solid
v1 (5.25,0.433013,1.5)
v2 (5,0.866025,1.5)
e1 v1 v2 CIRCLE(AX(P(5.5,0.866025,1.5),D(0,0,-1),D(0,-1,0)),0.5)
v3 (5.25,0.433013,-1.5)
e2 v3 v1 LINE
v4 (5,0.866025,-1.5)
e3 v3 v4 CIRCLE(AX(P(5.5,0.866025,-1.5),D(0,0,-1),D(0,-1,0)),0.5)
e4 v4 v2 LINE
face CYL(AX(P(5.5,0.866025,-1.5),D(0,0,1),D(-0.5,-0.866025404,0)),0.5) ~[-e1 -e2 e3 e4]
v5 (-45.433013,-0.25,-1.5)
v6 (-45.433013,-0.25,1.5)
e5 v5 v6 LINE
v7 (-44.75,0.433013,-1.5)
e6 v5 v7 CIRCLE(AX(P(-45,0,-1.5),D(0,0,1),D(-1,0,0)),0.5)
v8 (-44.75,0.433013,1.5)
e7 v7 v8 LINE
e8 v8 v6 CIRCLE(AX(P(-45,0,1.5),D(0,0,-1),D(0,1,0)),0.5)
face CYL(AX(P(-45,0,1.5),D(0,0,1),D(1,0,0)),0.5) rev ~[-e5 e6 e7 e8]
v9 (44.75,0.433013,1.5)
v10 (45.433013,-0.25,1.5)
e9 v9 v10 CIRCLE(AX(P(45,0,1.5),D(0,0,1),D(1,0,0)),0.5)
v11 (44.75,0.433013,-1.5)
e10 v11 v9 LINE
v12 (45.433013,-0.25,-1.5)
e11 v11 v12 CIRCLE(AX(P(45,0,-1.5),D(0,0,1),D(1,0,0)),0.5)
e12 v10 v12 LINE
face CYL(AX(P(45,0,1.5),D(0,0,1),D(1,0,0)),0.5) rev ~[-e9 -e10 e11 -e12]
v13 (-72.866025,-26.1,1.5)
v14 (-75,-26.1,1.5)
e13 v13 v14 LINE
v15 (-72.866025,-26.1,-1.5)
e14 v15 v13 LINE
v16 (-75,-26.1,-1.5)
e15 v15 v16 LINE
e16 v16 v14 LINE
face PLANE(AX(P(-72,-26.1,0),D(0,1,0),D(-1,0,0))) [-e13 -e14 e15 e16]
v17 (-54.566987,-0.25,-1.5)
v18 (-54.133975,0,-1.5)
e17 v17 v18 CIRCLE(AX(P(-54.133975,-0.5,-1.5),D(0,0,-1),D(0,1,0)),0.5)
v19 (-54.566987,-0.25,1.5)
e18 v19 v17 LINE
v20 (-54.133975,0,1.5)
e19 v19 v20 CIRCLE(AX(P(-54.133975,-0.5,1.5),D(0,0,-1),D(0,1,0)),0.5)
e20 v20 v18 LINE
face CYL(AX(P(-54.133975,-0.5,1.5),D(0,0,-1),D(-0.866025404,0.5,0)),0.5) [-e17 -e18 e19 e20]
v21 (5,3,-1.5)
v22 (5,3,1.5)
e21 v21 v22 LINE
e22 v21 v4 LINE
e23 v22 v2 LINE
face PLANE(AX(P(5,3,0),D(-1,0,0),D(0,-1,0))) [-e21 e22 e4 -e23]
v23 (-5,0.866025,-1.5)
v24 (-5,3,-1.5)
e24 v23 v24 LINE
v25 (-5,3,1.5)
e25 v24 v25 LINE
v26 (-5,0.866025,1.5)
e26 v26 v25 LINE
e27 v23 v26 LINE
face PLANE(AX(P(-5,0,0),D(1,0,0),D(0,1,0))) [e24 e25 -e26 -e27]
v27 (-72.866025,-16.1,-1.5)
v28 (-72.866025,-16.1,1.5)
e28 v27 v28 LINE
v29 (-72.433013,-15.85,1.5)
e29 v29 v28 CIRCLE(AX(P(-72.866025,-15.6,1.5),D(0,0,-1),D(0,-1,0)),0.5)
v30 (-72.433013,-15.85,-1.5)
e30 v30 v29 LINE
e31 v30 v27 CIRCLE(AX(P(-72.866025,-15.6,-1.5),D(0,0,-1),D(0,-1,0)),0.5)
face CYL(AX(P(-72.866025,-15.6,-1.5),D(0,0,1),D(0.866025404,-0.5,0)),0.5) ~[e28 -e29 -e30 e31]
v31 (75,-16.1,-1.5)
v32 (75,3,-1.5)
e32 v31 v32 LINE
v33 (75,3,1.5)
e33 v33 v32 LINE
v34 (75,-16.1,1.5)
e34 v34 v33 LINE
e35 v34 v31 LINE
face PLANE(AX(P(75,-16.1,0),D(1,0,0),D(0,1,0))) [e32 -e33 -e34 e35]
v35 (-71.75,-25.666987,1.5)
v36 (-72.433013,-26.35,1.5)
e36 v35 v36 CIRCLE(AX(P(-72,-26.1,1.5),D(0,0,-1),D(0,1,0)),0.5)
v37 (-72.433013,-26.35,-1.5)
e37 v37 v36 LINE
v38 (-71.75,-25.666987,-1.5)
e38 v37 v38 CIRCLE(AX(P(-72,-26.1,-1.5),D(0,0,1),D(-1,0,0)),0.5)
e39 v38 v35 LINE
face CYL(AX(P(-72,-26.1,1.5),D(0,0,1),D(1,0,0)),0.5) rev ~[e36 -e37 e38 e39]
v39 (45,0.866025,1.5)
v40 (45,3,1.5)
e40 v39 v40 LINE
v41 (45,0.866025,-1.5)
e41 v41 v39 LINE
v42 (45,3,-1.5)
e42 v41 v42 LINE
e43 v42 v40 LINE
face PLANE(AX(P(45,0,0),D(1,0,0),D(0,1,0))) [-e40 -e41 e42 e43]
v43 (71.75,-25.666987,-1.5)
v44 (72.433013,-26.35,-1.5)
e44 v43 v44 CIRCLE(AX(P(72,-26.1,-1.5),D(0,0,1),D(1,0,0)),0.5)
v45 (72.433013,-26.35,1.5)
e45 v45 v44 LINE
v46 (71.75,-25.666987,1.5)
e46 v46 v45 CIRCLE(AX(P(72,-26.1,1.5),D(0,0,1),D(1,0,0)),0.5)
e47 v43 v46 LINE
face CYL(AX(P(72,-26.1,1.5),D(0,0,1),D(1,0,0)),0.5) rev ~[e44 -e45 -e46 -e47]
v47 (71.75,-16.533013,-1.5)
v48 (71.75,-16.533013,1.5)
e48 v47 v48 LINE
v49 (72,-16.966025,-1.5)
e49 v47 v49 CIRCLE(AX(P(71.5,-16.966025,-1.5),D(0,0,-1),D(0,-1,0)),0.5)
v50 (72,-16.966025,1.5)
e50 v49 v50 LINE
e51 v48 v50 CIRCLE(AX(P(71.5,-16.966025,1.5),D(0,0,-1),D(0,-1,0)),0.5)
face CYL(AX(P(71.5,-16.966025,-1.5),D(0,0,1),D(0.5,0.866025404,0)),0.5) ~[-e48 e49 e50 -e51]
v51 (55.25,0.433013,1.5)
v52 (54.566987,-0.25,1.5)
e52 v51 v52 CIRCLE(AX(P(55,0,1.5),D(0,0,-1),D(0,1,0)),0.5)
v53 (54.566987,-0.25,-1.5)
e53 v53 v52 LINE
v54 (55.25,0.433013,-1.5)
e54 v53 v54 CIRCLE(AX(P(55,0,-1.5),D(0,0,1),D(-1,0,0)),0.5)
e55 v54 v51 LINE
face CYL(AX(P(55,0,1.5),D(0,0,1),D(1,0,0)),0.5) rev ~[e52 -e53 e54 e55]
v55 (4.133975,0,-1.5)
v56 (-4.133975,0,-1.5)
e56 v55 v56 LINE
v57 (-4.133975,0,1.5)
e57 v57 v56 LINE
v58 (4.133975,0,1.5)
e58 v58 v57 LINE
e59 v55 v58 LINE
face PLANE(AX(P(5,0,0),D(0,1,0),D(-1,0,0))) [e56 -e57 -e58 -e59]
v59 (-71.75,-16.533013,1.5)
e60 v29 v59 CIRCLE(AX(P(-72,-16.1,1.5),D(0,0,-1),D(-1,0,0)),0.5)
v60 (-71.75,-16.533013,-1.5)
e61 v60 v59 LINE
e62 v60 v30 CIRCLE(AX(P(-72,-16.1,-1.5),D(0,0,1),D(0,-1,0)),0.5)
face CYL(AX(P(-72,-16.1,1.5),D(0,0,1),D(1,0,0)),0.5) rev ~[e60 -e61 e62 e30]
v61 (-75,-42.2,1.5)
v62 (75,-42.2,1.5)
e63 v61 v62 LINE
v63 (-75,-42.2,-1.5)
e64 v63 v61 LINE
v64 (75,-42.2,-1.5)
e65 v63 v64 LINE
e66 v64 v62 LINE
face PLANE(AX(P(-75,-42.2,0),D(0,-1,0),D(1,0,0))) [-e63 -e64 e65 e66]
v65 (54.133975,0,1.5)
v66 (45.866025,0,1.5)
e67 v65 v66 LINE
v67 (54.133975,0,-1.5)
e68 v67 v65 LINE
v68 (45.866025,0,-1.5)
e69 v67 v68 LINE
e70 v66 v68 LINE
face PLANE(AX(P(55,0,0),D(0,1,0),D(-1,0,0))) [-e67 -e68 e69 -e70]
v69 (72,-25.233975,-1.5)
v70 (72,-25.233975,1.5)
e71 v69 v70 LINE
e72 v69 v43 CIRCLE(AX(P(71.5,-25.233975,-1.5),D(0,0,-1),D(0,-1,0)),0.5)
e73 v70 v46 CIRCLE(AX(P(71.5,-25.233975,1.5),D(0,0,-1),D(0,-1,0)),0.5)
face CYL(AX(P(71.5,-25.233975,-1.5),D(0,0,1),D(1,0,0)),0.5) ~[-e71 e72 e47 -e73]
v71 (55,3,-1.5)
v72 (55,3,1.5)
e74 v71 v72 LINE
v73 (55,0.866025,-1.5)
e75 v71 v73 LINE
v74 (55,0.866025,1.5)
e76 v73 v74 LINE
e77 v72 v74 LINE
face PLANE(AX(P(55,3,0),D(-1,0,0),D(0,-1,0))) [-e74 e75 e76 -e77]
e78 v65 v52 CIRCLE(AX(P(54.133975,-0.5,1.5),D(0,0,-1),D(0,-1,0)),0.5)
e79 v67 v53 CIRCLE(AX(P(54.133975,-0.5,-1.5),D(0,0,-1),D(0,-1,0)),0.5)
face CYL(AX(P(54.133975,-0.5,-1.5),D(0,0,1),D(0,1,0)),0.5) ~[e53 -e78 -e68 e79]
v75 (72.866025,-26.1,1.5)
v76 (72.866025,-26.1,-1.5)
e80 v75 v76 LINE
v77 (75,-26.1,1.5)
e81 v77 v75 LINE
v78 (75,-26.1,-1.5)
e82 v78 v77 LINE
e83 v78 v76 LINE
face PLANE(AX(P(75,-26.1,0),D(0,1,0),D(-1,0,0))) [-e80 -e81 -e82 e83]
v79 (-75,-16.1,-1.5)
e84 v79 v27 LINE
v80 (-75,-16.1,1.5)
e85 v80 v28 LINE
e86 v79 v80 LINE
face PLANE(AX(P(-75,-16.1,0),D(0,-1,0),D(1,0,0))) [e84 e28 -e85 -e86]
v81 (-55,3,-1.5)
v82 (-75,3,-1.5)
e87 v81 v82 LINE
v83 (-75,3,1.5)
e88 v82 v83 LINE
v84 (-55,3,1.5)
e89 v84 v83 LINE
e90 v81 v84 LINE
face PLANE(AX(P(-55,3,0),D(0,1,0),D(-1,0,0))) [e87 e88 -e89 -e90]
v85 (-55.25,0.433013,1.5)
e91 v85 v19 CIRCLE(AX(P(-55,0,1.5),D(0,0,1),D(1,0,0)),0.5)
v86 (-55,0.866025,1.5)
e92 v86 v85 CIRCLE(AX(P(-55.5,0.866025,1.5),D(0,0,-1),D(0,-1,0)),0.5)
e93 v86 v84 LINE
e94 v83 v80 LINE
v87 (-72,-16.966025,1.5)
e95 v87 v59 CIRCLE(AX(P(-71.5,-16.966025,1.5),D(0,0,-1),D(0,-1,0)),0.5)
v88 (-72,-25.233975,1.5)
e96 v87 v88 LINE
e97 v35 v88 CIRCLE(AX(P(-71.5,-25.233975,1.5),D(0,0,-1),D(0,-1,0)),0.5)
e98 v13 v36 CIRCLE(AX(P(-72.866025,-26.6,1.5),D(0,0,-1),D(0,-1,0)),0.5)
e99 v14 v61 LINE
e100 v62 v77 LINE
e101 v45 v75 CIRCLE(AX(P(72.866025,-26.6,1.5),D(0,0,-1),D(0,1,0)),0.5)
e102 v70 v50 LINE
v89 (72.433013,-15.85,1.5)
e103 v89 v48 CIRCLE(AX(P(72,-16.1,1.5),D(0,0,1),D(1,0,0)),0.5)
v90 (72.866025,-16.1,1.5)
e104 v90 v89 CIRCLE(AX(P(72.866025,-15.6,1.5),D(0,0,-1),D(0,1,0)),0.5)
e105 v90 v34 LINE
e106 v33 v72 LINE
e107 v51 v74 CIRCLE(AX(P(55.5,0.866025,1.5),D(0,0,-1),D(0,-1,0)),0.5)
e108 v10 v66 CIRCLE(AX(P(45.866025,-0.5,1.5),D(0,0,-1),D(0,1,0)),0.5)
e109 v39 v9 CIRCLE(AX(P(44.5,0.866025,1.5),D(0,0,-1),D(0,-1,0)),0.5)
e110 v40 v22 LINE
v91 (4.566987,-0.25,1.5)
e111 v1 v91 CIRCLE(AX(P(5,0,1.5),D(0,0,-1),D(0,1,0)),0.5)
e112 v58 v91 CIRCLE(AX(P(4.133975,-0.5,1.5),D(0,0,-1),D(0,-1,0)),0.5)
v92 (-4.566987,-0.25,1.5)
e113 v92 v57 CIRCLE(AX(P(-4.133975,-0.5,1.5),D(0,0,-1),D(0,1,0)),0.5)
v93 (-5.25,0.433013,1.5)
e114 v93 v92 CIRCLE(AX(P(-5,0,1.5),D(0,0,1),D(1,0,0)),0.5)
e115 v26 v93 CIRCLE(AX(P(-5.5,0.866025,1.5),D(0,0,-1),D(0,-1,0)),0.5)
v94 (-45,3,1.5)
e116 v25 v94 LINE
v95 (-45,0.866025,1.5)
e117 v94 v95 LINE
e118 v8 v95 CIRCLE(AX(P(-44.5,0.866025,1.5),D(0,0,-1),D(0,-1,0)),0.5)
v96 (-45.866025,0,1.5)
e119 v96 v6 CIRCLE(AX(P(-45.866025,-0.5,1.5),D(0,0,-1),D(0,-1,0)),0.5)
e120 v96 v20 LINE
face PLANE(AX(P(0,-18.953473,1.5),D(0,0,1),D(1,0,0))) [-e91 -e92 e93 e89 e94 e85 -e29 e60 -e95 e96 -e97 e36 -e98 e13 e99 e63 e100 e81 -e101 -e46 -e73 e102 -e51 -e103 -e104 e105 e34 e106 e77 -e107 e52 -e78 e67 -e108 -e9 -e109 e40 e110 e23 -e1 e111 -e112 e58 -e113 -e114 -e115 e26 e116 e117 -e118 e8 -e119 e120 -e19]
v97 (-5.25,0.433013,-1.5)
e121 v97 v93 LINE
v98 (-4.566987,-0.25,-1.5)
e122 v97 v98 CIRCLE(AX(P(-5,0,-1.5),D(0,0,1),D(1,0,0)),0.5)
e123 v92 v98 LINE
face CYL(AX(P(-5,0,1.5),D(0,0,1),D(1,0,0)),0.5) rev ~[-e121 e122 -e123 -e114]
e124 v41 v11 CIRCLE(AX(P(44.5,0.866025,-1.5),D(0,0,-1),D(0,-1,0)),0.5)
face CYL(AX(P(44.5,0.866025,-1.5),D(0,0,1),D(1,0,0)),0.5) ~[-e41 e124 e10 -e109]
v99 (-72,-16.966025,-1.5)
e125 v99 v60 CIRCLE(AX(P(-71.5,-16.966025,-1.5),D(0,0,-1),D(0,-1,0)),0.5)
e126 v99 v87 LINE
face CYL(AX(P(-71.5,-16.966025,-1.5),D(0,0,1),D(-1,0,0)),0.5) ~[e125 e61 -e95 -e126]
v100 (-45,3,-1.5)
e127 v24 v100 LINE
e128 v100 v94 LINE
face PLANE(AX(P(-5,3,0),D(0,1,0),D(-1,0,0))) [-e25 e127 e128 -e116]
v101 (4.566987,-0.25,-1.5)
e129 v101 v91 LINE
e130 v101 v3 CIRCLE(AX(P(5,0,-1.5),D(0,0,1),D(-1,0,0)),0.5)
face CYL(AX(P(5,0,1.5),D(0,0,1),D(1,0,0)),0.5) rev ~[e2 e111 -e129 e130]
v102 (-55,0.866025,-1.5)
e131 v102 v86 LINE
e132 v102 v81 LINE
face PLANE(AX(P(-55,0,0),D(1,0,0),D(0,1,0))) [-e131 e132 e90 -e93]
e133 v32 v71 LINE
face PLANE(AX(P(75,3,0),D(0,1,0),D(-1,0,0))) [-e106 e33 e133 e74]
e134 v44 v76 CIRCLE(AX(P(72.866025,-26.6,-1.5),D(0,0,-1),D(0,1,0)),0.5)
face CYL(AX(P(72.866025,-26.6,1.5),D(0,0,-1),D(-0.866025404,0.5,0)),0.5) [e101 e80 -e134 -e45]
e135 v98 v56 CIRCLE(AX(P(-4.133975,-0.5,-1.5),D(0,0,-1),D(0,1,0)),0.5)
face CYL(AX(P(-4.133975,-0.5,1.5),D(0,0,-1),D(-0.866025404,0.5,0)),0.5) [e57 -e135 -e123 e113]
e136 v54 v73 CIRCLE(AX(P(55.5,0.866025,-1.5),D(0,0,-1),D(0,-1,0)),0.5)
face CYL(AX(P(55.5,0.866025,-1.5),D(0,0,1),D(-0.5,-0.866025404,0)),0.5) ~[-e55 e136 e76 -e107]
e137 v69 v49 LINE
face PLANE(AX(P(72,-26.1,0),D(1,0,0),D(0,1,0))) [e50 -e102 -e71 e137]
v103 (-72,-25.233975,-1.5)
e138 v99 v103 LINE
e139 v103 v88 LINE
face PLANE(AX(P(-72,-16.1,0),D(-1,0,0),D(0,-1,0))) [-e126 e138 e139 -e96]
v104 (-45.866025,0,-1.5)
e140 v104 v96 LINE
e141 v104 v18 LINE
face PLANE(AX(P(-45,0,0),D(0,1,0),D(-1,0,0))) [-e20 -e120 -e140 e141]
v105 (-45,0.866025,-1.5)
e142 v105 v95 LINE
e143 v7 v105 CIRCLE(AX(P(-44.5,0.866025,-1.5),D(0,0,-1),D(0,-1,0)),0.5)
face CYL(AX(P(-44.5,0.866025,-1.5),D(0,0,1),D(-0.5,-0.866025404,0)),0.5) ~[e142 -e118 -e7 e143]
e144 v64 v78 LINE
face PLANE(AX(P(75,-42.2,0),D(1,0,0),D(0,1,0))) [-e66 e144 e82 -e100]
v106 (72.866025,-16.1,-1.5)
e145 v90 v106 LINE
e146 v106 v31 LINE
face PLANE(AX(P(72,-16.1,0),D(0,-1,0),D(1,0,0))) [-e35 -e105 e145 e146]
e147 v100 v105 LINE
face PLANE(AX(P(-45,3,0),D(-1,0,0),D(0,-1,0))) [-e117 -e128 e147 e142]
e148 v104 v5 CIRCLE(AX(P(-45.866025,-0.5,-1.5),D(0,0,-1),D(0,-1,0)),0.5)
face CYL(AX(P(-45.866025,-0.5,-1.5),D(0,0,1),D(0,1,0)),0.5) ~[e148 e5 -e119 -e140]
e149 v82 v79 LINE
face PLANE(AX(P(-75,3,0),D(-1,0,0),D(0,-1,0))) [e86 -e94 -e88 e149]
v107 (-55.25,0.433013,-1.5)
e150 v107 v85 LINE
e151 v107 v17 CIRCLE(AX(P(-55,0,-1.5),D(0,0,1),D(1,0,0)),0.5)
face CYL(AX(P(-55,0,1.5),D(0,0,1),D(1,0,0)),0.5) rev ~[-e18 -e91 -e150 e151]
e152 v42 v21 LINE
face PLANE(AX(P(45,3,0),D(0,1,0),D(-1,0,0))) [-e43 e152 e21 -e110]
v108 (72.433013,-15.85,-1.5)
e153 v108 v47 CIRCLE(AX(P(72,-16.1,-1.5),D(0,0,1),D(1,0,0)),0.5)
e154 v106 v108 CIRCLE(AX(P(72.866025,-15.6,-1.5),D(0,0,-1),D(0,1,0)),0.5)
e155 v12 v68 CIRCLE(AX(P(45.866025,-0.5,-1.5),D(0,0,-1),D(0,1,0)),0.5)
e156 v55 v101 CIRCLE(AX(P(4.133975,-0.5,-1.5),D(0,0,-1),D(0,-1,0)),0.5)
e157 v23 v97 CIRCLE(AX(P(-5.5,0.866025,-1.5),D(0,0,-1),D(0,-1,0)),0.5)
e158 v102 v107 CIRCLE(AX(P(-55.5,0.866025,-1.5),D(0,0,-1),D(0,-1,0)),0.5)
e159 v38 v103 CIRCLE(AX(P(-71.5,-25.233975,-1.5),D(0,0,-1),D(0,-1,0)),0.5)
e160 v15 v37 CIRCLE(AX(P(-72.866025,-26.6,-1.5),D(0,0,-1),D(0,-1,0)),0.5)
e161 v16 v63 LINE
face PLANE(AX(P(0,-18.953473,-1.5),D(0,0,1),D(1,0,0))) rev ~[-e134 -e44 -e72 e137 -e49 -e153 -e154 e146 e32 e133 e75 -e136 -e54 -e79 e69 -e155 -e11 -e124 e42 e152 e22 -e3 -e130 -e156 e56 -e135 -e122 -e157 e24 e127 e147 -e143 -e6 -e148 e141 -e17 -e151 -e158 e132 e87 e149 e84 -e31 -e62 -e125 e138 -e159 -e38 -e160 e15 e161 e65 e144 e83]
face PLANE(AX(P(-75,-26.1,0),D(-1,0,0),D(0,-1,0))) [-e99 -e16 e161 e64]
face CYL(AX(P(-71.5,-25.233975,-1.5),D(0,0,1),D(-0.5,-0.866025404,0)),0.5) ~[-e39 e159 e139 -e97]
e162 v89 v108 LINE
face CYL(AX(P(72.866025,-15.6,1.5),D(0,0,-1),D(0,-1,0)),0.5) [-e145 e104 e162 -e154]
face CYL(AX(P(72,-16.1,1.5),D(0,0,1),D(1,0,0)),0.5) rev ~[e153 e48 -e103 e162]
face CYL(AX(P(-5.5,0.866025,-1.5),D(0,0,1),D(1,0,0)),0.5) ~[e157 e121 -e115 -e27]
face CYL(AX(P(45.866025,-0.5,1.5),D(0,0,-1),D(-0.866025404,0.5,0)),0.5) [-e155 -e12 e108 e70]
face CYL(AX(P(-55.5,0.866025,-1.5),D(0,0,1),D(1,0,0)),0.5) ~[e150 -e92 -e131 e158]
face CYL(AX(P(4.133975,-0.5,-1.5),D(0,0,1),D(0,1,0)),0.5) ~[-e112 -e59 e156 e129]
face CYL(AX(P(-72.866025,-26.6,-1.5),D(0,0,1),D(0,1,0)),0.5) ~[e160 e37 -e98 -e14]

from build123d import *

# Parameters (mm, degrees)
BOSS_EXTRUDE1_DEPTH = 1.5
SKETCH2_R           = 0.5
CUT_EXTRUDE1_DEPTH  = 87.109465217
FILLET1_R           = 0.5


with BuildPart() as part:
    # Sketch1 → Boss-Extrude1 (new, symmetric)
    with BuildSketch(Plane.XY):
        Polygon((75, 3), (55, 3), (55, 0), (45, 0), (45, 3), (5, 3), (5, 0), (-5, 0), (-5, 3), (-45, 3), (-45, 0), (-55, 0), (-55, 3), (-75, 3), (-75, -16.1), (-72, -16.1), (-72, -26.1), (-75, -26.1), (-75, -42.2), (75, -42.2), (75, -26.1), (72, -26.1), (72, -16.1), (75, -16.1), align=None)
    extrude(amount=BOSS_EXTRUDE1_DEPTH, both=True)

    # Sketch2 → Cut-Extrude1 (cut, through all)
    with BuildSketch(Plane.XY.offset(1.5)):
        with Locations((-55, 0)):
            Circle(SKETCH2_R)
        with Locations((-45, 0)):
            Circle(SKETCH2_R)
        with Locations((-5, 0)):
            Circle(SKETCH2_R)
        with Locations((5, 0)):
            Circle(SKETCH2_R)
        with Locations((45, 0)):
            Circle(SKETCH2_R)
        with Locations((55, 0)):
            Circle(SKETCH2_R)
        with Locations((72, -16.1)):
            Circle(SKETCH2_R)
        with Locations((72, -26.1)):
            Circle(SKETCH2_R)
        with Locations((-72, -26.1)):
            Circle(SKETCH2_R)
        with Locations((-72, -16.1)):
            Circle(SKETCH2_R)
    extrude(amount=-CUT_EXTRUDE1_DEPTH, mode=Mode.SUBTRACT)

    # Fillet1
    fillet1_edges = [part.edges().sort_by_distance(p)[0] for p in [
        (-72, -25.6, 0),
        (-72.5, -26.1, 0),
        (72.5, -26.1, 0),
        (72, -25.6, 0),
        (72, -16.6, 0),
        (72.5, -16.1, 0),
        (55, 0.5, 0),
        (54.5, 0, 0),
        (45.5, 0, 0),
        (45, 0.5, 0),
        (5, 0.5, 0),
        (4.5, 0, 0),
        (-4.5, 0, 0),
        (-5, 0.5, 0),
        (-45, 0.5, 0),
        (-45.5, 0, 0),
        (-72.5, -16.1, 0),
        (-72, -16.6, 0),
        (-54.5, 0, 0),
        (-55, 0.5, 0),
    ]]
    fillet(fillet1_edges, radius=FILLET1_R)


solid = part.part
